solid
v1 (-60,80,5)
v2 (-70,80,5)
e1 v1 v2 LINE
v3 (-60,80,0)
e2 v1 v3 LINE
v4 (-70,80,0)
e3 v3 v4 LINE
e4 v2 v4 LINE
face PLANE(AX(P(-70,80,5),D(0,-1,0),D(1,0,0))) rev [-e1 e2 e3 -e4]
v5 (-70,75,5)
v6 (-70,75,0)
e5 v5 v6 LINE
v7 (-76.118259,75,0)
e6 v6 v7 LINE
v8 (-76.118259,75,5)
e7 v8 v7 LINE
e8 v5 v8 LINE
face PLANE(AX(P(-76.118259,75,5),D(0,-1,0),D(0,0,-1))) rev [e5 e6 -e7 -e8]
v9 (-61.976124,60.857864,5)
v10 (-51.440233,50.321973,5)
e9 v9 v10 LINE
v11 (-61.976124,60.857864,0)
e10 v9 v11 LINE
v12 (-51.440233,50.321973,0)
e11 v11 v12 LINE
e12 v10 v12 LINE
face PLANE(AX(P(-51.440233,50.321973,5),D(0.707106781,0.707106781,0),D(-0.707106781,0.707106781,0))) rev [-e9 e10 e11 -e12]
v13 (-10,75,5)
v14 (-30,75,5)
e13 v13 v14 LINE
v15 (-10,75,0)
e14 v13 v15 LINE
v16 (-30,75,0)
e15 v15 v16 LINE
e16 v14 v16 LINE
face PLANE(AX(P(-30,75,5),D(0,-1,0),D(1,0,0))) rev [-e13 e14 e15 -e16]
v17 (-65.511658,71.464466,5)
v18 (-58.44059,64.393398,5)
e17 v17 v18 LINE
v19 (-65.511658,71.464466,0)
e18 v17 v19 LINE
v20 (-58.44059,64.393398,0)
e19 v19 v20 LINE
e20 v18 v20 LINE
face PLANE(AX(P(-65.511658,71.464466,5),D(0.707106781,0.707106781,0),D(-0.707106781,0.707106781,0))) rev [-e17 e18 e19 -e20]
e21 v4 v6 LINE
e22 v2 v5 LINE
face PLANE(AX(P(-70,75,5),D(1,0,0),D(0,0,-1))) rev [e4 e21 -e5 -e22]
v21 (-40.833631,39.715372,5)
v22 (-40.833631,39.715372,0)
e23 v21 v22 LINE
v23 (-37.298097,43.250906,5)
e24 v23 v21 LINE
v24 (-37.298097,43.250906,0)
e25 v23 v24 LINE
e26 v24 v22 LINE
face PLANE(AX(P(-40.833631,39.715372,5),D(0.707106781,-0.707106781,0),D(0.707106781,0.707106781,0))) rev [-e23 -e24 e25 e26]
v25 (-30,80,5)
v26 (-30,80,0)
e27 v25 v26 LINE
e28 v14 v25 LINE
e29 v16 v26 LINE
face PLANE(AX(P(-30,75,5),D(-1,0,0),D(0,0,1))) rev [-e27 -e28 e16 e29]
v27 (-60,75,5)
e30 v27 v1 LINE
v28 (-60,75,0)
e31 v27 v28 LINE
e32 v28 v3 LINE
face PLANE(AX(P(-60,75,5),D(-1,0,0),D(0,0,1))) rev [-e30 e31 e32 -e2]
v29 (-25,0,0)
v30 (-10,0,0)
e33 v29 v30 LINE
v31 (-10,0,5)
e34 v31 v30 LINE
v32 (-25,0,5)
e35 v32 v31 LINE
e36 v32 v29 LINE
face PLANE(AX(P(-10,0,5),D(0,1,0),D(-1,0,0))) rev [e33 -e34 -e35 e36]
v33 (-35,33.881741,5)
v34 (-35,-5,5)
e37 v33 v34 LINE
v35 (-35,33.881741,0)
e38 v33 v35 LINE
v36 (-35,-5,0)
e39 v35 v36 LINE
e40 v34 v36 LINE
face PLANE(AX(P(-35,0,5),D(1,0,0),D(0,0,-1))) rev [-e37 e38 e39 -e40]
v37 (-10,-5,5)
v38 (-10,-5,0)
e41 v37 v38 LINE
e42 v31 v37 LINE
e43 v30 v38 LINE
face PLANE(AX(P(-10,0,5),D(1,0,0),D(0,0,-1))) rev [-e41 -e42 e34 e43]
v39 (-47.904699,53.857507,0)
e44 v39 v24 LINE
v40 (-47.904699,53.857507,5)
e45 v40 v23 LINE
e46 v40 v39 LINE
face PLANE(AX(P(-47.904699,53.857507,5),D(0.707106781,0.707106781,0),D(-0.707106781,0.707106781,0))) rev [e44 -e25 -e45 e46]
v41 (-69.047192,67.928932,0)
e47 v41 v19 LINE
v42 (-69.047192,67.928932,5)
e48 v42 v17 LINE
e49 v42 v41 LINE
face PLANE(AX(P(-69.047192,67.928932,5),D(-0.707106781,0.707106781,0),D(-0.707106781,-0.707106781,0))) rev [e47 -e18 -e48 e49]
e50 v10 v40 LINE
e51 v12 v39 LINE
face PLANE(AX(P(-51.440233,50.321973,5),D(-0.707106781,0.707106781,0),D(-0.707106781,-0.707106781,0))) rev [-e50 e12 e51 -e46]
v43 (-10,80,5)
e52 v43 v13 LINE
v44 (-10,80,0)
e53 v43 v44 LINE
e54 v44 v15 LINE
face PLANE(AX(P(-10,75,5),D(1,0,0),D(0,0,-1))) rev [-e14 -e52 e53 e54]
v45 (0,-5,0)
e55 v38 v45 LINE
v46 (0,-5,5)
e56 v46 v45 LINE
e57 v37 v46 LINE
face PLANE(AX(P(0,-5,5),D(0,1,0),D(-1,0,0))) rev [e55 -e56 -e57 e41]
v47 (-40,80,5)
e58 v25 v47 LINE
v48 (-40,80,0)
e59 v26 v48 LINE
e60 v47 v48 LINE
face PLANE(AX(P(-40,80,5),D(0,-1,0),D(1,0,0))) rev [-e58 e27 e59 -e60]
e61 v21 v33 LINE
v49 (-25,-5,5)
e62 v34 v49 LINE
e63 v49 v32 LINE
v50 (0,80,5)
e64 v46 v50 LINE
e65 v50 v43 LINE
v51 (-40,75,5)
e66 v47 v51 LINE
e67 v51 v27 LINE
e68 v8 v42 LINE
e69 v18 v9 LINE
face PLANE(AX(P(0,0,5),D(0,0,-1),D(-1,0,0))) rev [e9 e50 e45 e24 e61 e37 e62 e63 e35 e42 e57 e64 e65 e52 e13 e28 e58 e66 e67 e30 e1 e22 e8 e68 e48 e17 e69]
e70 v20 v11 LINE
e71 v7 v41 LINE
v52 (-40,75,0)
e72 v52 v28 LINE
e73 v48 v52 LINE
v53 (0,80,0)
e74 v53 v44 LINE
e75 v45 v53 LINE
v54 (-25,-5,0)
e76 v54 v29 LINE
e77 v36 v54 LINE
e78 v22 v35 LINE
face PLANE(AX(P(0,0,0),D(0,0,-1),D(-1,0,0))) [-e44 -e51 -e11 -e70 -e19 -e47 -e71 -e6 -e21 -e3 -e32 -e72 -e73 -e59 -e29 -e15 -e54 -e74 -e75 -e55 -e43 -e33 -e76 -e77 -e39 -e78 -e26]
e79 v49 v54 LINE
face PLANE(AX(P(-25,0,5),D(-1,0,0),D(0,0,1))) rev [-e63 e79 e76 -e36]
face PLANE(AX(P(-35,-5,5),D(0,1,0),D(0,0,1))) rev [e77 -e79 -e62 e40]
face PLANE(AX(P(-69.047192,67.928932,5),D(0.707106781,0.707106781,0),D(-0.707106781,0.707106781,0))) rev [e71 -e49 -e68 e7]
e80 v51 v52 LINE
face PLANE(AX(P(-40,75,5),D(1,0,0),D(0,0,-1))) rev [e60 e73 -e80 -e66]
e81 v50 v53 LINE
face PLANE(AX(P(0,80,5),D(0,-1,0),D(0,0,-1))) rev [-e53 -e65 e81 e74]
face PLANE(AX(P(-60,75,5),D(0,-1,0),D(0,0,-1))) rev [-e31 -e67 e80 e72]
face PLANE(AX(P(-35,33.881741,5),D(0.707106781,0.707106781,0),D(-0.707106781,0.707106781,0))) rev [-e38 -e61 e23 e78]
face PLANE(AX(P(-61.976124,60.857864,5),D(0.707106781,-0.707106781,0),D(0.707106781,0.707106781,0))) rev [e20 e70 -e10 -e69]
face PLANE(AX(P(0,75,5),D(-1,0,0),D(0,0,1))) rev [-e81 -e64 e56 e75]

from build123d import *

# Parameters (mm, degrees)
BOSS_EXTRU_1_DEPTH = 5


with BuildPart() as part:
    # Esquisse1 → Boss.-Extru.1 (new body)
    with BuildSketch(Plane.XY):
        Polygon((-35, 33.881740674), (-40.833630945, 39.715371619), (-37.298097039, 43.250905525), (-47.904698757, 53.857507243), (-51.440232663, 50.321973337), (-61.976123702, 60.857864376), (-58.440589796, 64.393398282), (-65.511657608, 71.464466094), (-69.047191514, 67.928932188), (-76.118259326, 75), (-70, 75), (-70, 80), (-60, 80), (-60, 75), (-40, 75), (-40, 80), (-30, 80), (-30, 75), (-10, 75), (-10, 80), (0, 80), (0, 75), (0, 0), (0, -5), (-10, -5), (-10, 0), (-25, 0), (-25, -5), (-35, -5), (-35, 0), align=None)
    extrude(amount=BOSS_EXTRU_1_DEPTH)


solid = part.part
